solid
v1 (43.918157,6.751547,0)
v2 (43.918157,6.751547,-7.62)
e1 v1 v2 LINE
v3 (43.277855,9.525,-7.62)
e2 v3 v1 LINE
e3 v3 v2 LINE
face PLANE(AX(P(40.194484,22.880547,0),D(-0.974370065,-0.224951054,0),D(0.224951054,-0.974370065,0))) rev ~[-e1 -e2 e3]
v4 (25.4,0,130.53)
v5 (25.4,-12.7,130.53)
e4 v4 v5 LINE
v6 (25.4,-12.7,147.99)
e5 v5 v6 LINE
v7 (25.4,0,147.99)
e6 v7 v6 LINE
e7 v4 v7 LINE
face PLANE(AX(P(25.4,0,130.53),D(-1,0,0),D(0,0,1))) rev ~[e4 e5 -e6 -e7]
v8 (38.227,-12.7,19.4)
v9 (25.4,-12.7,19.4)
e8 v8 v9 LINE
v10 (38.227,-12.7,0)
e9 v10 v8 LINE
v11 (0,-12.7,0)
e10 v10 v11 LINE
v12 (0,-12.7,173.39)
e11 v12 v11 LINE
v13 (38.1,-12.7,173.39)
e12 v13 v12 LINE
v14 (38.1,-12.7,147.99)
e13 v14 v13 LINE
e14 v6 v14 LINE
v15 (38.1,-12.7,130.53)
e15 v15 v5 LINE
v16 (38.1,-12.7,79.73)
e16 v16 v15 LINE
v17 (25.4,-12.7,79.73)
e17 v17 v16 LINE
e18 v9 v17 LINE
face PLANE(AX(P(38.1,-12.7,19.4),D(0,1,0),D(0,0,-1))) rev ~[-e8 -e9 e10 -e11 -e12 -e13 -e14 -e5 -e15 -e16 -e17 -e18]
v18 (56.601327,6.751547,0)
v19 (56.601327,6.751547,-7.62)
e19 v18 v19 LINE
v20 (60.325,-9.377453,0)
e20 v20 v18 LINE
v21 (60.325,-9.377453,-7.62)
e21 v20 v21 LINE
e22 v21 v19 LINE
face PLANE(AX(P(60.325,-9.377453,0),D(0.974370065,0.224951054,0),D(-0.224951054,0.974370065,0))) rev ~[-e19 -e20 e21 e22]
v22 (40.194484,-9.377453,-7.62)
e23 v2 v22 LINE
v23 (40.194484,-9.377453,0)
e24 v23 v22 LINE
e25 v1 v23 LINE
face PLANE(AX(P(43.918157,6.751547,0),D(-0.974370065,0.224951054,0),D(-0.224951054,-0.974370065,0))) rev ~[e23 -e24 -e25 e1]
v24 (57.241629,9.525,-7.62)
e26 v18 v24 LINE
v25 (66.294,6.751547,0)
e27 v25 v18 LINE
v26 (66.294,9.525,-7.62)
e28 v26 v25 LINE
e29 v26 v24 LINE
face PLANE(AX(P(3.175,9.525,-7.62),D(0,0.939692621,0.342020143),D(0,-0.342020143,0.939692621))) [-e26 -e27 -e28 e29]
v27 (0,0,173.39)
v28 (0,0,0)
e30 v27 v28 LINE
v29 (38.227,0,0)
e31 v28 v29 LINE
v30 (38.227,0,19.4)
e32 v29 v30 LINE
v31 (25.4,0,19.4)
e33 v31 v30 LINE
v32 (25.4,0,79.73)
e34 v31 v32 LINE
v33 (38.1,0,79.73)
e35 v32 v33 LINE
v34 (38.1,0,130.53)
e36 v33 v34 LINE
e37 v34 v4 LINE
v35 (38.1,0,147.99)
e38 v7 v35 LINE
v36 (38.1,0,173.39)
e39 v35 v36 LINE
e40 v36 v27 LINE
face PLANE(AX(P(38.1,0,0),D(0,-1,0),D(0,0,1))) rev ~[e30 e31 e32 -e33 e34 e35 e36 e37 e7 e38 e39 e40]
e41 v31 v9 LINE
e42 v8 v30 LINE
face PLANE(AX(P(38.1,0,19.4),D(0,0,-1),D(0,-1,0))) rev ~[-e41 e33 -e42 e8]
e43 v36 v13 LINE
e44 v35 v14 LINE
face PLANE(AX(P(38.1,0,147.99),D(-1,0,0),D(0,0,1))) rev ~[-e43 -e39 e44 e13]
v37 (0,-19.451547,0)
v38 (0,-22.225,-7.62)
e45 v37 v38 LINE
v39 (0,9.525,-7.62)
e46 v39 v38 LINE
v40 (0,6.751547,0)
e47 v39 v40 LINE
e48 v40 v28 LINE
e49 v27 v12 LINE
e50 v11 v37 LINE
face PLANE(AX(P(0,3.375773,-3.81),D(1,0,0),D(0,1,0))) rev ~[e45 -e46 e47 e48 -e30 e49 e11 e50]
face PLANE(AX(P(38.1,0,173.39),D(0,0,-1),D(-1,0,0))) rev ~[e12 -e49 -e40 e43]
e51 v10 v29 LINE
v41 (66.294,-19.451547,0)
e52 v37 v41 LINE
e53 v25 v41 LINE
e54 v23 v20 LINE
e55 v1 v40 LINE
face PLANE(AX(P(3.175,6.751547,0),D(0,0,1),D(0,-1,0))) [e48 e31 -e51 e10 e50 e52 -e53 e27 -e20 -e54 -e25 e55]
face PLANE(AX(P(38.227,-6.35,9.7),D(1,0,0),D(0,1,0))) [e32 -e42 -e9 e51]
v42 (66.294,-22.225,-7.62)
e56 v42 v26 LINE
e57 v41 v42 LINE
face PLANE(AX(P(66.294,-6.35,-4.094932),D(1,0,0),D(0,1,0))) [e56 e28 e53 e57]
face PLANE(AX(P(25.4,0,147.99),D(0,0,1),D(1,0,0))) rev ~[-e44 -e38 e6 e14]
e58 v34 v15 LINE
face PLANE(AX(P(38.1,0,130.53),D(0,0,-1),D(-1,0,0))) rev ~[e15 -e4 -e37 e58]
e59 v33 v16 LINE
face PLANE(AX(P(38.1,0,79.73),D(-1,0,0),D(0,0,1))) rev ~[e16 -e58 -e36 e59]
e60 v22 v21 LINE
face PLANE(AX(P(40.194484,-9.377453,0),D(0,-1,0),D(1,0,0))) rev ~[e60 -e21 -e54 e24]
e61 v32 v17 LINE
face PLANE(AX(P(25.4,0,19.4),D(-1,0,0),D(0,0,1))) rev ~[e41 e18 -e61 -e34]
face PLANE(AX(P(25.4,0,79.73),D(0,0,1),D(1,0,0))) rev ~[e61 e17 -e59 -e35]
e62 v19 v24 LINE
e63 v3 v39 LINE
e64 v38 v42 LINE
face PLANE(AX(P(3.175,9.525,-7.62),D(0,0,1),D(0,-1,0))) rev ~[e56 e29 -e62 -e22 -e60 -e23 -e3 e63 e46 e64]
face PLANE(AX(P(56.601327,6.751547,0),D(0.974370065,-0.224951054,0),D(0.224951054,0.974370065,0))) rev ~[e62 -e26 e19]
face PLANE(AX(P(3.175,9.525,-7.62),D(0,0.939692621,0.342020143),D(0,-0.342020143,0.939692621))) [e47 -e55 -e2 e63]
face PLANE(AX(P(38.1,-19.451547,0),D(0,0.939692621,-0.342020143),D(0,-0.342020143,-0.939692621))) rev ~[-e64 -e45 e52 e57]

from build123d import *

# Parameters (mm, degrees)
F1_DEPTH  = 12.7
F3_DEPTH  = 38.1
F4_W      = 14.7766079754
F4_H      = 8.8374735788
F5_DEPTH  = 3.175
F7_DEPTH  = 66.675
F8_W      = 12.7
F8_H      = 19.4
F9_DEPTH  = 66.548
F10_DEPTH = 34.925
F11_W     = 34.925
F11_H     = 31.75
F12_DEPTH = 25.4
F13_W     = 3.175
F13_H     = 31.75
F14_DEPTH = 25.4
F15_DEPTH = 3.175
F17_DEPTH = 8.128
F19_DEPTH = 0.381


with BuildPart() as f1:
    # F0 (on Front) → F1 (new body)
    with BuildSketch(Plane.XZ):
        Polygon((0, 173.39), (0, 0), (38.1, 0), (38.1, 19.4), (25.4, 19.4), (25.4, 79.73), (38.1, 79.73), (38.1, 130.53), (25.4, 130.53), (25.4, 147.99), (38.1, 147.99), (38.1, 173.39), align=None)
    extrude(amount=F1_DEPTH)

    # F2 (on face) → F3 (join)
    with BuildSketch(Plane.YZ.offset(38.1)):
        Polygon((0, -7.62), (-2.7734531851, 0), (-9.9265468149, 0), (-12.7, -7.62), align=None)
    extrude(amount=-F3_DEPTH)

    # F4 (on face) → F5 (cut)
    with BuildSketch(Plane(origin=(0, 0, 0), x_dir=(0, -1, 0), z_dir=(-1, 0, 0))):
        with Locations((7.3883039877, -4.4187367894)):
            Rectangle(F4_W, F4_H)
    extrude(amount=-F5_DEPTH, mode=Mode.SUBTRACT)

    # F6 (on face) → F7 (join)
    with BuildSketch(Plane.YZ.offset(38.1)):
        Polygon((-12.7, -7.62), (-9.9265468149, 0), (-12.7, 0), (-19.4515468149, 0), (-22.225, -7.62), align=None)
        Polygon((0, -7.62), (-2.7734531851, 0), (-9.9265468149, 0), (-12.7, -7.62), align=None)
        Polygon((-2.7734531851, 0), (0, 0), (0, 19.4), (-12.7, 19.4), (-12.7, 0), (-9.9265468149, 0), align=None)
        Polygon((6.7515468149, 0), (0, 0), (-2.7734531851, 0), (0, -7.62), (9.525, -7.62), align=None)
    extrude(amount=F7_DEPTH)

    # F8 (on face) → F9 (cut)
    with BuildSketch(Plane.YZ.offset(104.775)):
        with Locations((-6.35, 9.7)):
            Rectangle(F8_W, F8_H)
    extrude(amount=-F9_DEPTH, mode=Mode.SUBTRACT)

    # F6 (on face) → F10 (join)
    with BuildSketch(Plane.YZ.offset(38.1)):
        Polygon((6.7515468149, 0), (0, 0), (-2.7734531851, 0), (0, -7.62), (9.525, -7.62), align=None)
        Polygon((-12.7, -7.62), (-9.9265468149, 0), (-12.7, 0), (-19.4515468149, 0), (-22.225, -7.62), align=None)
    extrude(amount=-F10_DEPTH)

    # F11 (on face) → F12 (cut)
    with BuildSketch(Plane(origin=(0, 0, -7.62), x_dir=(1, 0, 0), z_dir=(0, 0, -1))):
        with Locations((87.3125, 6.35)):
            Rectangle(F11_W, F11_H)
    extrude(amount=-F12_DEPTH, mode=Mode.SUBTRACT)

    # F13 (on face) → F14 (cut)
    with BuildSketch(Plane(origin=(0, 0, -7.62), x_dir=(1, 0, 0), z_dir=(0, 0, -1))):
        with Locations((68.2625, 6.35)):
            Rectangle(F13_W, F13_H)
    extrude(amount=-F14_DEPTH, mode=Mode.SUBTRACT)

    # F15 (add): a face of the model
    f15_faces = [f1.faces().sort_by_distance(p)[0] for p in [
        (3.175, -6.35, -3.9315564286),
    ]]
    extrude(f15_faces, amount=F15_DEPTH)

    # F16 (on face) → F17 (cut)
    with BuildSketch(Plane.XY):
        Polygon((43.9181570547, 6.7515468149), (40.194484, -9.3774531851), (60.325, -9.3774531851), (56.6013269453, 6.7515468149), align=None)
        Polygon((40.194484, 22.8805468149), (43.9181570547, 6.7515468149), (56.6013269453, 6.7515468149), (60.325, 22.8805468149), align=None)
    extrude(amount=-F17_DEPTH, mode=Mode.SUBTRACT)

    # F18 (on face) → F19 (cut)
    with BuildSketch(Plane.YZ.offset(66.675)):
        Polygon((-19.4515468149, 0), (-22.225, -7.62), (9.525, -7.62), (6.7515468149, 0), align=None)
    extrude(amount=-F19_DEPTH, mode=Mode.SUBTRACT)


solid = f1.part
